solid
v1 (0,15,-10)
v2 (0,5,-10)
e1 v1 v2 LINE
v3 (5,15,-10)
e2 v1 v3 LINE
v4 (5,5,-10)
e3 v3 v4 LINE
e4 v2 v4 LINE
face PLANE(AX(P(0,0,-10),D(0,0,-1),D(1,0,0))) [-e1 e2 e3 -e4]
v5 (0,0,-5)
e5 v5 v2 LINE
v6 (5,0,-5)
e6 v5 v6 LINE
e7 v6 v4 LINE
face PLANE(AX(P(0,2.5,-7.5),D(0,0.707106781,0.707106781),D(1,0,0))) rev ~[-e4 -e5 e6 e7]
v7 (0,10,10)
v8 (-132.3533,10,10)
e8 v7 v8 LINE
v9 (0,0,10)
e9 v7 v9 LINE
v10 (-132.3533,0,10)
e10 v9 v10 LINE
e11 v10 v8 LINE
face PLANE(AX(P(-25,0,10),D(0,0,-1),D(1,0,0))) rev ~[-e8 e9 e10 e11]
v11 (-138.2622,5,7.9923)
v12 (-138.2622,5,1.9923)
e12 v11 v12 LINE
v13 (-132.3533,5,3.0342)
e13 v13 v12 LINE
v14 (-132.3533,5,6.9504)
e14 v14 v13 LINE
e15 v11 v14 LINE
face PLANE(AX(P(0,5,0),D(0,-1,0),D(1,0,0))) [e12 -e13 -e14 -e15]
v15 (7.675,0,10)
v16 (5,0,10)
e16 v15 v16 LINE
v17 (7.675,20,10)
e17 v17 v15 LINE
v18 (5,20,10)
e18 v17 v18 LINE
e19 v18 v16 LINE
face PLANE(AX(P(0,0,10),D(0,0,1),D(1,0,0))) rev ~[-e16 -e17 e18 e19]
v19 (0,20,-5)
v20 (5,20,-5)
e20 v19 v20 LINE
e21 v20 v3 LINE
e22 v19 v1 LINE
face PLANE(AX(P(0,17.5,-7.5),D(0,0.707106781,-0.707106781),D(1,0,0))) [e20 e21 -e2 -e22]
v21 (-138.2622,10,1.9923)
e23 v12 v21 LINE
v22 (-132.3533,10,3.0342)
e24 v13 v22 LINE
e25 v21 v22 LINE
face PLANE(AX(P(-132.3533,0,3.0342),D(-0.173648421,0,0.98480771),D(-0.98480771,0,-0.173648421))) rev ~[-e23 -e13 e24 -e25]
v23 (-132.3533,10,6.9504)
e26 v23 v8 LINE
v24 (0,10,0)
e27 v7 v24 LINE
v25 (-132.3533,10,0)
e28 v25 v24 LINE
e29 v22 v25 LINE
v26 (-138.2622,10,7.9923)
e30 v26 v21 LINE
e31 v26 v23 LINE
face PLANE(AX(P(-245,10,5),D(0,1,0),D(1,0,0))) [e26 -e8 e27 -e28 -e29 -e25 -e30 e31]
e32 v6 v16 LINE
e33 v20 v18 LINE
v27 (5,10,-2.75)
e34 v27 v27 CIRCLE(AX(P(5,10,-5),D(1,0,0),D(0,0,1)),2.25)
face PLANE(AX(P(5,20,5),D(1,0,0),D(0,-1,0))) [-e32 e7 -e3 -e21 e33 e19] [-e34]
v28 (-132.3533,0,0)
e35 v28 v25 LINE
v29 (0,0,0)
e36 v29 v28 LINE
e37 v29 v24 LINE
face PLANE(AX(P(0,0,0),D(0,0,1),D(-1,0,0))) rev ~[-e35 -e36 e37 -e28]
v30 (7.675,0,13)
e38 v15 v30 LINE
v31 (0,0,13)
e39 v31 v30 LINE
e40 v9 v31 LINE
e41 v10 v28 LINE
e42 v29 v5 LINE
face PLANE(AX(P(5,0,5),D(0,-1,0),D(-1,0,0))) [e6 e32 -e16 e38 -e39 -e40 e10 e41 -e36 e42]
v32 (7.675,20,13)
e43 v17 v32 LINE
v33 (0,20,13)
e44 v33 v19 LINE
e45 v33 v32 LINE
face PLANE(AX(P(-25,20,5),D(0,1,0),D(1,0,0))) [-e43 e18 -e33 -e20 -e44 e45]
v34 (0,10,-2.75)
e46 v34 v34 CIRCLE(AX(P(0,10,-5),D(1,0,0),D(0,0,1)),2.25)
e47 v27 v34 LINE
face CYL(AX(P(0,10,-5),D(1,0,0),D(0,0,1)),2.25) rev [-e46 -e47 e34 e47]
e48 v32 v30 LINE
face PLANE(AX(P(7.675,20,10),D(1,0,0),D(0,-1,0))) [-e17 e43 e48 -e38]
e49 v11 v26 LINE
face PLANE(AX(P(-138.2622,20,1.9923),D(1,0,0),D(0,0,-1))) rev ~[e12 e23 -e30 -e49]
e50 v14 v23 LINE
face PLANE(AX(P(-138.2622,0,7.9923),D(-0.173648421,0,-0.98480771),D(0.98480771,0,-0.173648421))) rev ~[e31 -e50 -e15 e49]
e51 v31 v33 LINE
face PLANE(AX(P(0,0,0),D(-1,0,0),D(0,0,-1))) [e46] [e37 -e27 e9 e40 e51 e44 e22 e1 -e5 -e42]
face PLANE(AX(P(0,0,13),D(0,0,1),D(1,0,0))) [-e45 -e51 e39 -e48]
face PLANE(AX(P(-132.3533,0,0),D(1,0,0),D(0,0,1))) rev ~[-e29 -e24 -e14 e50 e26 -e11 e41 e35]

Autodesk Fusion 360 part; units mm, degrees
sketch "Sketch1" plane through (0, 0, 0) normal (0, 1, 0) x (1, 0, 0)
  line L0 (0, 0) -> (-25, 0)
  line L1 (-25, 0) -> (-25, -5)
  line L2 (-25, -5) -> (5, -5)
  line L3 (0, 0) -> (0, 10)
  line L4 (0, 10) -> (5, 10)
  line L5 (5, 10) -> (5, -5)
  line L6 (-25, 0) -> (-245, 0)
  line L7 (-245, 0) -> (-245, -5)
  line L8 (-245, -5) -> (-25, -5)
  line L9 (-25, 0) -> (-140, 0)
  line L10 (-140, 0) -> (-140, 27.0089)
  line L11 (-270, 10) -> (-275, 10)
  line L12 (-270, 0) -> (-270, 10)
  line L13 (-275, 10) -> (-275, -5)
  line L14 (-270, 0) -> (-245, 0)
  line L15 (-245, -5) -> (-275, -5)
  line L16 (-245, 0) -> (-245, -5)
  point P0 (-270, 0)
  dimension "d1" = 25
  dimension "d2" = 5
  dimension "d3" = 30
  dimension "d4" = 10
  dimension "d5" = 5
  dimension "d6" = 220
  dimension "d7" = 5
  dimension "d8" = 115
extrude "Extrude1" add sketch "Sketch1" along normal blind 10
extrude "Extrude2" add sketch "Sketch1" along normal blind 20 contours L0 L1 L2 L3 L4 L5 | L7 L11 L12 L13 L14 L15 L16
sketch "Sketch2" plane through (5, 0, 0) normal (1, 0, 0) x (0, 0, -1)
  line L0 (-5, 0) -> (10, 0)
  line L1 (10, 0) -> (10, 20)
  line L2 (10, 20) -> (-5, 20)
  line L3 (-5, 20) -> (-5, 0)
sketch "Sketch3" plane through (0, 0, 0) normal (-1, 0, 0) x (0, 0, 1)
  line L0 (-10, 0) -> (0, 0)
  line L1 (0, 0) -> (0, 20)
  line L2 (0, 20) -> (-10, 20)
  line L3 (-10, 20) -> (-10, 0)
  line L4 (-10, 0) -> (-5, 0)
  line L5 (-5, 0) -> (-5, 10)
  circle A0 centre (-5, 10) radius 2.25
  dimension "d13" = 5
  dimension "d14" = 10
  dimension "d15" = 4.5
extrude "Extrude3" cut sketch "Sketch3" along normal mid plane 662 contours A0
chamfer "Chamfer1" distance 5 angle 45 4 edges at (2.5, 20, -10) (2.5, 0, -10) (-272.5, 20, -10) (-272.5, 0, -10)
sketch "Sketch5" plane through (0, 10, 0) normal (0, 1, 0) x (-1, 0, 0)
  line L0 (25, 5) -> (25, 0)
  line L1 (25, 0) -> (245, 0)
  line L2 (245, 0) -> (245, 5)
  line L3 (245, 5) -> (25, 5)
  line L4 (245, 0) -> (135, 0)
  dimension "d30" = 110
sketch "Sketch6" plane through (0, 0, 5) normal (0, 0, 1) x (1, 0, 0)
  line L0 (-25, 10) -> (-245, 10)
  line L1 (-245, 10) -> (-245, 20)
  line L2 (-245, 20) -> (-275, 20)
  line L3 (-275, 20) -> (-275, 0)
  line L4 (-275, 0) -> (5, 0)
  line L5 (5, 0) -> (5, 20)
  line L6 (5, 20) -> (-25, 20)
  line L7 (-25, 20) -> (-25, 10)
extrude "Extrude5" add 1 faces at (-265, 10, 5) along direction (0, 0, 1) blind 5
sketch "Sketch7" plane through (0, 10, 0) normal (0, 1, 0) x (-1, 0, 0)
  line L0 (25, 10) -> (25, 0)
  line L1 (25, 0) -> (245, 0)
  line L2 (245, 0) -> (245, 10)
  line L3 (245, 10) -> (25, 10)
  line L4 (245, 0) -> (135, 0)
  line L5 (138.2622, 1.9923) -> (132.3533, 3.0342)
  line L6 (138.2622, 7.9923) -> (132.3533, 6.9504)
  line L7 (132.3533, 3.0342) -> (132.3533, 0)
  line L8 (138.2622, 7.9923) -> (138.2622, 1.9923)
  line L9 (132.3533, 6.9504) -> (132.3533, 10)
  line L10 (138.2622, 1.9923) -> (141.0619, 1.9923) construction
  line L11 (138.2622, 7.9923) -> (141.0619, 7.9923) construction
  line L12 (25, 0) -> (245, 0)
  line L13 (128.521, 0) -> (128.521, 5)
  line L14 (270, -5) -> (275, -5)
  line L15 (275, -5) -> (275, 10)
  line L16 (275, 10) -> (245, 10)
  line L17 (245, 10) -> (245, 0)
  line L18 (245, 0) -> (270, 0)
  line L19 (270, 0) -> (270, -5)
  point P0 (132.1074, 10.0354)
  point P1 (138.2622, 4.9923)
  dimension "d33" = 110
  dimension "d34" = 6
  dimension "d35" = 170
  dimension "d36" = 6
  dimension "d37" = 170
  dimension "d38" = 6
  dimension "d41" = 5
extrude "Extrude6" cut sketch "Sketch7" against normal blind 5 contours L1 L2 L3 L4 L5 L6 L7 L8 L9 L12 L17
sketch "Sketch8" plane through (0, 5, 0) normal (0, 1, 0) x (-1, 0, 0)
  line L0 (138.2622, 7.9923) -> (138.2622, 1.9923)
  line L1 (138.2622, 1.9923) -> (132.3533, 3.0342)
  line L2 (132.3533, 3.0342) -> (132.3533, 0)
  line L3 (132.3533, 0) -> (245, 0)
  line L4 (245, 0) -> (245, 10)
  line L5 (245, 10) -> (132.3533, 10)
  line L6 (132.3533, 10) -> (132.3533, 6.9504)
  line L7 (132.3533, 6.9504) -> (138.2622, 7.9923)
  line L8 (245, 5) -> (25, 5)
  line L9 (270, -5) -> (275, -5)
  line L10 (275, -5) -> (275, 10)
  line L11 (275, 10) -> (245, 10)
  line L12 (245, 10) -> (245, 0)
  line L13 (245, 0) -> (270, 0)
  line L14 (270, 0) -> (270, -5)
  line L15 (275, -10) -> (275, -5)
  line L16 (275, -5) -> (270, -5)
  line L17 (270, -5) -> (270, -10)
  line L18 (270, -10) -> (275, -10)
  line L19 (138.2622, 1.9923) -> (138.2622, 0)
  line L20 (138.2622, 0) -> (132.3533, 0)
  line L21 (132.3533, 3.0342) -> (132.3533, 0)
  line L22 (138.2622, 7.9923) -> (138.2622, 10)
sketch "Sketch9" plane through (0, 20, 0) normal (0, 1, 0) x (-1, 0, 0)
  line L0 (270, -5) -> (275, -5)
  line L1 (275, -5) -> (275, 10)
  line L2 (275, 10) -> (245, 10)
  line L3 (245, 10) -> (245, 0)
  line L4 (245, 0) -> (270, 0)
  line L5 (270, 0) -> (270, -5)
  line L6 (275, -10) -> (275, -5)
  line L7 (275, -5) -> (270, -5)
  line L8 (270, -5) -> (270, -10)
  line L9 (270, -10) -> (275, -10)
  line L10 (138.2622, 7.9923) -> (138.2622, 1.9923)
  line L11 (138.2622, 1.9923) -> (132.3533, 3.0342)
  line L12 (132.3533, 3.0342) -> (132.3533, 0)
  line L13 (132.3533, 0) -> (245, 0)
  line L14 (245, 0) -> (245, 10)
  line L15 (245, 10) -> (132.3533, 10)
  line L16 (132.3533, 10) -> (132.3533, 6.9504)
  line L17 (132.3533, 6.9504) -> (138.2622, 7.9923)
  line L18 (138.2622, 1.9923) -> (138.2622, -2.244)
  line L19 (138.2622, -2.244) -> (138.2622, 11)
extrude "Extrude7" cut sketch "Sketch9" against normal blind 40 contours L0 L1 L2 L3 L4 L5 L7 L14 | L0 L6 L7 L8 L9 | L3 L10 L13 L14 L15 L18 L19
sketch "Sketch10" plane through (0, 10, 0) normal (0, 1, 0) x (-1, 0, 0)
  line L0 (132.3533, 0) -> (132.3533, 3.0342)
  line L1 (132.3533, 3.0342) -> (138.2622, 1.9923)
  line L2 (138.2622, 1.9923) -> (138.2622, 7.9923)
  line L3 (138.2622, 7.9923) -> (132.3533, 6.9504)
  line L4 (132.3533, 6.9504) -> (132.3533, 10)
  line L5 (132.3533, 10) -> (25, 10)
  line L6 (25, 10) -> (25, 0)
  line L7 (25, 0) -> (132.3533, 0)
sketch "Sketch11" plane through (0, 0, 0) normal (0, -1, 0) x (1, 0, 0)
  line L0 (-138.2622, 10) -> (-138.2622, 0)
  line L1 (-138.2622, 0) -> (0, 0)
  line L2 (0, 0) -> (0, -5)
  line L3 (0, -5) -> (5, -5)
  line L4 (5, -5) -> (5, 10)
  line L5 (5, 10) -> (-138.2622, 10)
  line L6 (-132.3533, 0) -> (-132.3533, 3.0342)
  line L7 (-132.3533, 3.0342) -> (-138.2622, 1.9923)
  line L8 (-138.2622, 1.9923) -> (-138.2622, 7.9923)
  line L9 (-138.2622, 7.9923) -> (-132.3533, 6.9504)
  line L10 (-132.3533, 6.9504) -> (-132.3533, 10)
  line L11 (-132.3533, 10) -> (-25, 10)
  line L12 (-25, 10) -> (-25, 0)
  line L13 (-25, 0) -> (-132.3533, 0)
  line L14 (-138.2622, 7.9923) -> (-138.2622, 10)
  line L15 (-132.3533, 10) -> (-132.3533, 0)
  line L16 (-138.2622, 0) -> (-138.2622, 1.9923)
  line L17 (-138.2622, 0) -> (-132.3533, 0)
extrude "Extrude8" cut sketch "Sketch11" against normal blind 10 contours L0 L5 L9 L10 L14 L15
extrude "Extrude9" cut sketch "Sketch11" against normal blind 9 contours L0 L1 L6 L7 L15 L16 L17
extrude "Extrude10" cut sketch "Sketch11" against normal blind 5 contours L0 L7 L8 L9 L15
sketch "Sketch12" plane through (0, 20, 0) normal (0, 1, 0) x (-1, 0, 0)
  line L0 (-5, -5) -> (0, -5)
  line L1 (0, -5) -> (0, 0)
  line L2 (0, 0) -> (25, 0)
  line L3 (25, 0) -> (25, 10)
  line L4 (25, 10) -> (-5, 10)
  line L5 (-5, 10) -> (-5, -5)
  line L6 (0, 0) -> (25, 0)
  line L7 (25, 0) -> (25, 10)
  line L8 (25, 10) -> (0, 10)
  line L9 (0, 10) -> (0, 0)
extrude "Extrude11" cut sketch "Sketch12" against normal blind 10 contours L2 L3 L4 L6 L7 L8 L9
sketch "Sketch13" plane through (0, 0, 10) normal (0, 0, 1) x (1, 0, 0)
  line L0 (0, 10) -> (-132.3533, 10)
  line L1 (-132.3533, 10) -> (-132.3533, 0)
  line L2 (-132.3533, 0) -> (5, 0)
  line L3 (5, 0) -> (5, 20)
  line L4 (5, 20) -> (0, 20)
  line L5 (0, 20) -> (0, 10)
  line L6 (0, 0) -> (8.175, 0)
  line L7 (0, 20) -> (0, 0)
  line L8 (0, 20) -> (8.175, 20)
  line L9 (8.175, 20) -> (8.175, 0)
  dimension "d56" = 8.175
extrude "Extrude12" add sketch "Sketch13" along normal blind 3 contours L2 L3 L4 L5 L6 L7 L8 | L3 L6 L8 L9
extrude "Extrude13" cut 1 faces at (8.175, 13.3333, 11) along direction (-1, 0, 0) blind 0.5
equation "d56 = 5 mm + ( 25.4 / 8 ) * 1 mm"
